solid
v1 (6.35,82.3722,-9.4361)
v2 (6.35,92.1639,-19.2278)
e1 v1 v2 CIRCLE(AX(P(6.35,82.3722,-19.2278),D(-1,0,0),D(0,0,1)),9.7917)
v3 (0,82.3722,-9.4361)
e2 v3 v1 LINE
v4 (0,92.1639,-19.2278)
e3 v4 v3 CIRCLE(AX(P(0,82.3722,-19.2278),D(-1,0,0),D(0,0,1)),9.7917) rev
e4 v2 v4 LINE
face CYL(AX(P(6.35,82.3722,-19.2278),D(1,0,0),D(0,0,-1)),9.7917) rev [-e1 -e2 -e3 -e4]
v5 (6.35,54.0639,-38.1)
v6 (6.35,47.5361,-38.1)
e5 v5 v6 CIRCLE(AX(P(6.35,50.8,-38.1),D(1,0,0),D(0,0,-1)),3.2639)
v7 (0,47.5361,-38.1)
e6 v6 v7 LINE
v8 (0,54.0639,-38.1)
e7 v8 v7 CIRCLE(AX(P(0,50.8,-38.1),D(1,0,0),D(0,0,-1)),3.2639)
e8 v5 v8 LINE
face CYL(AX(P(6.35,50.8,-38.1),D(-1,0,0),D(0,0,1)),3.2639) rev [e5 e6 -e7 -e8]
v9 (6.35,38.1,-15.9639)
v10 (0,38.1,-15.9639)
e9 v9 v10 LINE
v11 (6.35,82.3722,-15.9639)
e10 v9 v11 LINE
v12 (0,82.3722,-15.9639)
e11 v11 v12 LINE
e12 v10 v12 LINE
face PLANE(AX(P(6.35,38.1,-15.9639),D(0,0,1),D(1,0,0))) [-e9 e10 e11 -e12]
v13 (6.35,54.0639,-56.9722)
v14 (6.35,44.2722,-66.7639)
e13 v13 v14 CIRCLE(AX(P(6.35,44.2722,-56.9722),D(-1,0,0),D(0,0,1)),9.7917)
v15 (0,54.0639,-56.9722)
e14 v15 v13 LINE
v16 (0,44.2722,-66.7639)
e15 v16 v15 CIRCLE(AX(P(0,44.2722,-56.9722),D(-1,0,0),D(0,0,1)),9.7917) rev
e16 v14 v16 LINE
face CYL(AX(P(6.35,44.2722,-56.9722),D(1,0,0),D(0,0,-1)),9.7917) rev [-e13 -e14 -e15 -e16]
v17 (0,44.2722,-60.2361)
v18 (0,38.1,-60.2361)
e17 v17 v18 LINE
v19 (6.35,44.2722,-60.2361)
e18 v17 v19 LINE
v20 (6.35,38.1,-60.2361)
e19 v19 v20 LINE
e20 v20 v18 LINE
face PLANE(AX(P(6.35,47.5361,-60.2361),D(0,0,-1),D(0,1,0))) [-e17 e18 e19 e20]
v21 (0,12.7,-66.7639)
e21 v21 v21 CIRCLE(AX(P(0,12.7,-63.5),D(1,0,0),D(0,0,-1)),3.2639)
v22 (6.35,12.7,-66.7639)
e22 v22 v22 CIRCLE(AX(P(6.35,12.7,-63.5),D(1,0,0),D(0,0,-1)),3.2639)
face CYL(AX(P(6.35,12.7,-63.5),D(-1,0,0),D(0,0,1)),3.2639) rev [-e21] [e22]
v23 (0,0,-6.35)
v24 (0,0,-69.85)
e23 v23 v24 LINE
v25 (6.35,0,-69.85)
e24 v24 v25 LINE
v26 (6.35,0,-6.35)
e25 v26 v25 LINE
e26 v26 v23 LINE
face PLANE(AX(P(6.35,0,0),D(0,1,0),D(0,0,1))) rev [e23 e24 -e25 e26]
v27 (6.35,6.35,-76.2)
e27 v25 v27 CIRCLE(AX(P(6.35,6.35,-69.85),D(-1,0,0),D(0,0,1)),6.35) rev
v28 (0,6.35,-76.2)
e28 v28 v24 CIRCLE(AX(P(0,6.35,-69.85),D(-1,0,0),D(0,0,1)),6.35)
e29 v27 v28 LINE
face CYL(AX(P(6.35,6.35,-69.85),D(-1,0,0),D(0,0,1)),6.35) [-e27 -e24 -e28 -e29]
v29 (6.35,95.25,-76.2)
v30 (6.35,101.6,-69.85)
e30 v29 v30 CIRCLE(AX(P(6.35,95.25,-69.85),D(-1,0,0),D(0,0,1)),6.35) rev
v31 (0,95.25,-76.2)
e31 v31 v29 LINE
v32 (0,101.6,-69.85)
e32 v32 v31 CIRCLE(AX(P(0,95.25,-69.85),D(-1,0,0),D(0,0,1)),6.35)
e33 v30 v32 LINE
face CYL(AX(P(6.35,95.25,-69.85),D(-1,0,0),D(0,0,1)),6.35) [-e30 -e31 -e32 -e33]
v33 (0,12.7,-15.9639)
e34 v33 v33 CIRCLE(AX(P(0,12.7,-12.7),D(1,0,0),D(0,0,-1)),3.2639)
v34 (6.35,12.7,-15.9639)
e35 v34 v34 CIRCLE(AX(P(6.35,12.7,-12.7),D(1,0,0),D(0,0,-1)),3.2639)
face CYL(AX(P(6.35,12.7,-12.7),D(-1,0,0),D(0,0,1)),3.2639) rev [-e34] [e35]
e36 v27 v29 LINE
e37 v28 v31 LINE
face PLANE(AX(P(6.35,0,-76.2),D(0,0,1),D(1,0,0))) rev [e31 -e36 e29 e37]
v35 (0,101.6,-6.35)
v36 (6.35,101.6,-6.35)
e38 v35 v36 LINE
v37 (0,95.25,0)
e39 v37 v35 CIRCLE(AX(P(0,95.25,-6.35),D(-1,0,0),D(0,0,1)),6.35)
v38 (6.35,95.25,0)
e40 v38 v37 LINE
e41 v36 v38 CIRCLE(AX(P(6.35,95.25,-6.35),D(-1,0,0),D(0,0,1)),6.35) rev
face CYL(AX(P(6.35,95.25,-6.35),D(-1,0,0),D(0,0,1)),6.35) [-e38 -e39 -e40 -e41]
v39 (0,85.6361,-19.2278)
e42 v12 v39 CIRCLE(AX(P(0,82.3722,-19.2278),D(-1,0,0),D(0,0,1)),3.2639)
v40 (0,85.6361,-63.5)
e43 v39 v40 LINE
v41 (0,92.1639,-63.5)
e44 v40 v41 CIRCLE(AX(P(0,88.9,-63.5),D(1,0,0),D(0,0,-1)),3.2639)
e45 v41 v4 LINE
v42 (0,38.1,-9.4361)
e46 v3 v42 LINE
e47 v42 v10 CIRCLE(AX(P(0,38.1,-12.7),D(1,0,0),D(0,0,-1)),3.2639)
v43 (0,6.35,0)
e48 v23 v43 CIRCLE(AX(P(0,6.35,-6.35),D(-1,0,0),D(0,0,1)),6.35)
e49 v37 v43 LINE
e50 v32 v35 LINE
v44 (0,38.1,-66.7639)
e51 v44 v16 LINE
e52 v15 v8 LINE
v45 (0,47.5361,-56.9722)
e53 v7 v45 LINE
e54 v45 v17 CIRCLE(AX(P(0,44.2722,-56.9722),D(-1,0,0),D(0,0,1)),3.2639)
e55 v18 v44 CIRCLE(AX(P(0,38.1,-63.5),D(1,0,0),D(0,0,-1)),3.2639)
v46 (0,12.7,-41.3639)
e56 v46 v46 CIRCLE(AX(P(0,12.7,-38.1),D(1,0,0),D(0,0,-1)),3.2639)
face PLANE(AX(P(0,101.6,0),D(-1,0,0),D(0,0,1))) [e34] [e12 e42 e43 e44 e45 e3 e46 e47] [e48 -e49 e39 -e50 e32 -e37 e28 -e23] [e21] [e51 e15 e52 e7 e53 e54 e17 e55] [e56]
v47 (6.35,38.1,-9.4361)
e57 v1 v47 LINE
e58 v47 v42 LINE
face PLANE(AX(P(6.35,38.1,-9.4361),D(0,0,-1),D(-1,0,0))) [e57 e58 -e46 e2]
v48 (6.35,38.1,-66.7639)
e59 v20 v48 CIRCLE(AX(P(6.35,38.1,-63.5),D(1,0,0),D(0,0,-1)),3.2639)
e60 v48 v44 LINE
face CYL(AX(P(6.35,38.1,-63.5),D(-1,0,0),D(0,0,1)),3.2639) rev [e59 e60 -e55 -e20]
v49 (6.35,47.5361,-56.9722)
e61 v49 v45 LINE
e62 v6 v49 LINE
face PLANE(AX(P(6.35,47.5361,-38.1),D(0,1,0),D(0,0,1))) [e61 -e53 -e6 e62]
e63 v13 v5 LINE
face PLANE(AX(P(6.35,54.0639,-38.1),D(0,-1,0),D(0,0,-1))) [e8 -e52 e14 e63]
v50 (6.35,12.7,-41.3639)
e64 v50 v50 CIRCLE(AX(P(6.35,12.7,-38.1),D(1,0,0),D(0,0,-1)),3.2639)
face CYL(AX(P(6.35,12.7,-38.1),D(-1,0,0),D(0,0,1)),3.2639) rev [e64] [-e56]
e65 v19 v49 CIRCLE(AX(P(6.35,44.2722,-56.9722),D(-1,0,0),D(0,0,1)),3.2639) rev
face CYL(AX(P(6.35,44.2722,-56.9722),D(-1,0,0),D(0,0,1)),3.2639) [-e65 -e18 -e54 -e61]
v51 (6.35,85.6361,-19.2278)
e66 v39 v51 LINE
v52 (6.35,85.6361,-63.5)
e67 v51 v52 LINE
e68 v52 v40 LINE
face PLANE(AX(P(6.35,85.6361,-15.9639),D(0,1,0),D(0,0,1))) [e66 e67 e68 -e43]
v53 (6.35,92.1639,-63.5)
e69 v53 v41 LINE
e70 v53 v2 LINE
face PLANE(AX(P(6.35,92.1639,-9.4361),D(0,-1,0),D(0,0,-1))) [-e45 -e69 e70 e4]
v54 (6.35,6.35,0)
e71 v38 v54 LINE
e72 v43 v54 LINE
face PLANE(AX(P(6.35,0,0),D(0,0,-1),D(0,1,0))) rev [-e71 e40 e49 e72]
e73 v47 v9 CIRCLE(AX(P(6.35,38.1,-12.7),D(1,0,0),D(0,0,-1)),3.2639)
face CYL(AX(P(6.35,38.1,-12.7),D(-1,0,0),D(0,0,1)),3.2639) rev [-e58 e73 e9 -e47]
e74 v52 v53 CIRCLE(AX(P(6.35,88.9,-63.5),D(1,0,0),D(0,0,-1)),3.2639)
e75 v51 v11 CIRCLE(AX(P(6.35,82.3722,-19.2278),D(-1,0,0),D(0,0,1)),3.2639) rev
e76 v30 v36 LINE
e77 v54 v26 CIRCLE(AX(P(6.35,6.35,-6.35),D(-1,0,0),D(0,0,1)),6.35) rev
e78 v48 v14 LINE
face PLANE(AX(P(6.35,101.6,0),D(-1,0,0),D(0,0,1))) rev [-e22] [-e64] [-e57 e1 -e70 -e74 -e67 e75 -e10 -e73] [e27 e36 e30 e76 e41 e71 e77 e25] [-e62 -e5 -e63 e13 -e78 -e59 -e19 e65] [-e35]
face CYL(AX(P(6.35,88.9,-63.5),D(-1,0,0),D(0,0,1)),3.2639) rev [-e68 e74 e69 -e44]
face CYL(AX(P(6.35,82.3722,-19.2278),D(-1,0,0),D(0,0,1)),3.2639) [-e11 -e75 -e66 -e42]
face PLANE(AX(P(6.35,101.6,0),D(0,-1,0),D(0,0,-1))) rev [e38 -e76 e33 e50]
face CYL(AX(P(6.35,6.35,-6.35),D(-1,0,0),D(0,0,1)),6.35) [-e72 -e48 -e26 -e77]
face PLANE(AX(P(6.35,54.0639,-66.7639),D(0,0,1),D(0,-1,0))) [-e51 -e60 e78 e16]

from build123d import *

# Parameters (mm, degrees)
SKETCH1_W      = 76.2
SKETCH1_H      = 101.6
SKETCH1_R      = 3.2639
EXTRUDE1_DEPTH = 6.35
FILLET2_R      = 3.2639
FILLET3_R      = 9.7917
FILLET4_R      = 6.35


with BuildPart() as part:
    # Sketch1 → Extrude1 (new body)
    with BuildSketch(Plane(origin=(0, 0, 0), x_dir=(0, 0, -1), z_dir=(1, 0, 0))):
        with Locations((38.1, 50.8)):
            Rectangle(SKETCH1_W, SKETCH1_H)
        with Locations((12.7, 12.7)):
            Circle(SKETCH1_R, mode=Mode.SUBTRACT)
        with Locations((38.1, 12.7)):
            Circle(SKETCH1_R, mode=Mode.SUBTRACT)
        with Locations((63.5, 12.7)):
            Circle(SKETCH1_R, mode=Mode.SUBTRACT)
        with BuildLine():
            Line((38.1, 47.5361), (60.2361, 47.5361))
            Line((60.2361, 47.5361), (60.2361, 38.1))
            ThreePointArc((60.2361, 38.1), (63.5, 34.8361), (66.7639, 38.1))
            Line((66.7639, 38.1), (66.7639, 54.0639))
            Line((66.7639, 54.0639), (38.1, 54.0639))
            ThreePointArc((38.1, 54.0639), (34.8361, 50.8), (38.1, 47.5361))
        make_face(mode=Mode.SUBTRACT)
        with BuildLine():
            Line((15.9639, 38.1), (15.9639, 85.6361))
            Line((15.9639, 85.6361), (63.5, 85.6361))
            ThreePointArc((63.5, 85.6361), (66.7639, 88.9), (63.5, 92.1639))
            Line((63.5, 92.1639), (9.4361, 92.1639))
            Line((9.4361, 92.1639), (9.4361, 38.1))
            ThreePointArc((9.4361, 38.1), (12.7, 34.8361), (15.9639, 38.1))
        make_face(mode=Mode.SUBTRACT)
    extrude(amount=EXTRUDE1_DEPTH)

    # Fillet2
    fillet2_edges = [part.edges().sort_by_distance(p)[0] for p in [
        (3.175, 47.5361, -60.2361),
        (3.175, 85.6361, -15.9639),
    ]]
    fillet(fillet2_edges, radius=FILLET2_R)

    # Fillet3
    fillet3_edges = [part.edges().sort_by_distance(p)[0] for p in [
        (3.175, 54.0639, -66.7639),
        (3.175, 92.1639, -9.4361),
    ]]
    fillet(fillet3_edges, radius=FILLET3_R)

    # Fillet4
    fillet4_edges = [part.edges().sort_by_distance(p)[0] for p in [
        (3.175, 101.6, 0),
        (3.175, 101.6, -76.2),
        (3.175, 0, -76.2),
        (3.175, 0, 0),
    ]]
    fillet(fillet4_edges, radius=FILLET4_R)


solid = part.part
